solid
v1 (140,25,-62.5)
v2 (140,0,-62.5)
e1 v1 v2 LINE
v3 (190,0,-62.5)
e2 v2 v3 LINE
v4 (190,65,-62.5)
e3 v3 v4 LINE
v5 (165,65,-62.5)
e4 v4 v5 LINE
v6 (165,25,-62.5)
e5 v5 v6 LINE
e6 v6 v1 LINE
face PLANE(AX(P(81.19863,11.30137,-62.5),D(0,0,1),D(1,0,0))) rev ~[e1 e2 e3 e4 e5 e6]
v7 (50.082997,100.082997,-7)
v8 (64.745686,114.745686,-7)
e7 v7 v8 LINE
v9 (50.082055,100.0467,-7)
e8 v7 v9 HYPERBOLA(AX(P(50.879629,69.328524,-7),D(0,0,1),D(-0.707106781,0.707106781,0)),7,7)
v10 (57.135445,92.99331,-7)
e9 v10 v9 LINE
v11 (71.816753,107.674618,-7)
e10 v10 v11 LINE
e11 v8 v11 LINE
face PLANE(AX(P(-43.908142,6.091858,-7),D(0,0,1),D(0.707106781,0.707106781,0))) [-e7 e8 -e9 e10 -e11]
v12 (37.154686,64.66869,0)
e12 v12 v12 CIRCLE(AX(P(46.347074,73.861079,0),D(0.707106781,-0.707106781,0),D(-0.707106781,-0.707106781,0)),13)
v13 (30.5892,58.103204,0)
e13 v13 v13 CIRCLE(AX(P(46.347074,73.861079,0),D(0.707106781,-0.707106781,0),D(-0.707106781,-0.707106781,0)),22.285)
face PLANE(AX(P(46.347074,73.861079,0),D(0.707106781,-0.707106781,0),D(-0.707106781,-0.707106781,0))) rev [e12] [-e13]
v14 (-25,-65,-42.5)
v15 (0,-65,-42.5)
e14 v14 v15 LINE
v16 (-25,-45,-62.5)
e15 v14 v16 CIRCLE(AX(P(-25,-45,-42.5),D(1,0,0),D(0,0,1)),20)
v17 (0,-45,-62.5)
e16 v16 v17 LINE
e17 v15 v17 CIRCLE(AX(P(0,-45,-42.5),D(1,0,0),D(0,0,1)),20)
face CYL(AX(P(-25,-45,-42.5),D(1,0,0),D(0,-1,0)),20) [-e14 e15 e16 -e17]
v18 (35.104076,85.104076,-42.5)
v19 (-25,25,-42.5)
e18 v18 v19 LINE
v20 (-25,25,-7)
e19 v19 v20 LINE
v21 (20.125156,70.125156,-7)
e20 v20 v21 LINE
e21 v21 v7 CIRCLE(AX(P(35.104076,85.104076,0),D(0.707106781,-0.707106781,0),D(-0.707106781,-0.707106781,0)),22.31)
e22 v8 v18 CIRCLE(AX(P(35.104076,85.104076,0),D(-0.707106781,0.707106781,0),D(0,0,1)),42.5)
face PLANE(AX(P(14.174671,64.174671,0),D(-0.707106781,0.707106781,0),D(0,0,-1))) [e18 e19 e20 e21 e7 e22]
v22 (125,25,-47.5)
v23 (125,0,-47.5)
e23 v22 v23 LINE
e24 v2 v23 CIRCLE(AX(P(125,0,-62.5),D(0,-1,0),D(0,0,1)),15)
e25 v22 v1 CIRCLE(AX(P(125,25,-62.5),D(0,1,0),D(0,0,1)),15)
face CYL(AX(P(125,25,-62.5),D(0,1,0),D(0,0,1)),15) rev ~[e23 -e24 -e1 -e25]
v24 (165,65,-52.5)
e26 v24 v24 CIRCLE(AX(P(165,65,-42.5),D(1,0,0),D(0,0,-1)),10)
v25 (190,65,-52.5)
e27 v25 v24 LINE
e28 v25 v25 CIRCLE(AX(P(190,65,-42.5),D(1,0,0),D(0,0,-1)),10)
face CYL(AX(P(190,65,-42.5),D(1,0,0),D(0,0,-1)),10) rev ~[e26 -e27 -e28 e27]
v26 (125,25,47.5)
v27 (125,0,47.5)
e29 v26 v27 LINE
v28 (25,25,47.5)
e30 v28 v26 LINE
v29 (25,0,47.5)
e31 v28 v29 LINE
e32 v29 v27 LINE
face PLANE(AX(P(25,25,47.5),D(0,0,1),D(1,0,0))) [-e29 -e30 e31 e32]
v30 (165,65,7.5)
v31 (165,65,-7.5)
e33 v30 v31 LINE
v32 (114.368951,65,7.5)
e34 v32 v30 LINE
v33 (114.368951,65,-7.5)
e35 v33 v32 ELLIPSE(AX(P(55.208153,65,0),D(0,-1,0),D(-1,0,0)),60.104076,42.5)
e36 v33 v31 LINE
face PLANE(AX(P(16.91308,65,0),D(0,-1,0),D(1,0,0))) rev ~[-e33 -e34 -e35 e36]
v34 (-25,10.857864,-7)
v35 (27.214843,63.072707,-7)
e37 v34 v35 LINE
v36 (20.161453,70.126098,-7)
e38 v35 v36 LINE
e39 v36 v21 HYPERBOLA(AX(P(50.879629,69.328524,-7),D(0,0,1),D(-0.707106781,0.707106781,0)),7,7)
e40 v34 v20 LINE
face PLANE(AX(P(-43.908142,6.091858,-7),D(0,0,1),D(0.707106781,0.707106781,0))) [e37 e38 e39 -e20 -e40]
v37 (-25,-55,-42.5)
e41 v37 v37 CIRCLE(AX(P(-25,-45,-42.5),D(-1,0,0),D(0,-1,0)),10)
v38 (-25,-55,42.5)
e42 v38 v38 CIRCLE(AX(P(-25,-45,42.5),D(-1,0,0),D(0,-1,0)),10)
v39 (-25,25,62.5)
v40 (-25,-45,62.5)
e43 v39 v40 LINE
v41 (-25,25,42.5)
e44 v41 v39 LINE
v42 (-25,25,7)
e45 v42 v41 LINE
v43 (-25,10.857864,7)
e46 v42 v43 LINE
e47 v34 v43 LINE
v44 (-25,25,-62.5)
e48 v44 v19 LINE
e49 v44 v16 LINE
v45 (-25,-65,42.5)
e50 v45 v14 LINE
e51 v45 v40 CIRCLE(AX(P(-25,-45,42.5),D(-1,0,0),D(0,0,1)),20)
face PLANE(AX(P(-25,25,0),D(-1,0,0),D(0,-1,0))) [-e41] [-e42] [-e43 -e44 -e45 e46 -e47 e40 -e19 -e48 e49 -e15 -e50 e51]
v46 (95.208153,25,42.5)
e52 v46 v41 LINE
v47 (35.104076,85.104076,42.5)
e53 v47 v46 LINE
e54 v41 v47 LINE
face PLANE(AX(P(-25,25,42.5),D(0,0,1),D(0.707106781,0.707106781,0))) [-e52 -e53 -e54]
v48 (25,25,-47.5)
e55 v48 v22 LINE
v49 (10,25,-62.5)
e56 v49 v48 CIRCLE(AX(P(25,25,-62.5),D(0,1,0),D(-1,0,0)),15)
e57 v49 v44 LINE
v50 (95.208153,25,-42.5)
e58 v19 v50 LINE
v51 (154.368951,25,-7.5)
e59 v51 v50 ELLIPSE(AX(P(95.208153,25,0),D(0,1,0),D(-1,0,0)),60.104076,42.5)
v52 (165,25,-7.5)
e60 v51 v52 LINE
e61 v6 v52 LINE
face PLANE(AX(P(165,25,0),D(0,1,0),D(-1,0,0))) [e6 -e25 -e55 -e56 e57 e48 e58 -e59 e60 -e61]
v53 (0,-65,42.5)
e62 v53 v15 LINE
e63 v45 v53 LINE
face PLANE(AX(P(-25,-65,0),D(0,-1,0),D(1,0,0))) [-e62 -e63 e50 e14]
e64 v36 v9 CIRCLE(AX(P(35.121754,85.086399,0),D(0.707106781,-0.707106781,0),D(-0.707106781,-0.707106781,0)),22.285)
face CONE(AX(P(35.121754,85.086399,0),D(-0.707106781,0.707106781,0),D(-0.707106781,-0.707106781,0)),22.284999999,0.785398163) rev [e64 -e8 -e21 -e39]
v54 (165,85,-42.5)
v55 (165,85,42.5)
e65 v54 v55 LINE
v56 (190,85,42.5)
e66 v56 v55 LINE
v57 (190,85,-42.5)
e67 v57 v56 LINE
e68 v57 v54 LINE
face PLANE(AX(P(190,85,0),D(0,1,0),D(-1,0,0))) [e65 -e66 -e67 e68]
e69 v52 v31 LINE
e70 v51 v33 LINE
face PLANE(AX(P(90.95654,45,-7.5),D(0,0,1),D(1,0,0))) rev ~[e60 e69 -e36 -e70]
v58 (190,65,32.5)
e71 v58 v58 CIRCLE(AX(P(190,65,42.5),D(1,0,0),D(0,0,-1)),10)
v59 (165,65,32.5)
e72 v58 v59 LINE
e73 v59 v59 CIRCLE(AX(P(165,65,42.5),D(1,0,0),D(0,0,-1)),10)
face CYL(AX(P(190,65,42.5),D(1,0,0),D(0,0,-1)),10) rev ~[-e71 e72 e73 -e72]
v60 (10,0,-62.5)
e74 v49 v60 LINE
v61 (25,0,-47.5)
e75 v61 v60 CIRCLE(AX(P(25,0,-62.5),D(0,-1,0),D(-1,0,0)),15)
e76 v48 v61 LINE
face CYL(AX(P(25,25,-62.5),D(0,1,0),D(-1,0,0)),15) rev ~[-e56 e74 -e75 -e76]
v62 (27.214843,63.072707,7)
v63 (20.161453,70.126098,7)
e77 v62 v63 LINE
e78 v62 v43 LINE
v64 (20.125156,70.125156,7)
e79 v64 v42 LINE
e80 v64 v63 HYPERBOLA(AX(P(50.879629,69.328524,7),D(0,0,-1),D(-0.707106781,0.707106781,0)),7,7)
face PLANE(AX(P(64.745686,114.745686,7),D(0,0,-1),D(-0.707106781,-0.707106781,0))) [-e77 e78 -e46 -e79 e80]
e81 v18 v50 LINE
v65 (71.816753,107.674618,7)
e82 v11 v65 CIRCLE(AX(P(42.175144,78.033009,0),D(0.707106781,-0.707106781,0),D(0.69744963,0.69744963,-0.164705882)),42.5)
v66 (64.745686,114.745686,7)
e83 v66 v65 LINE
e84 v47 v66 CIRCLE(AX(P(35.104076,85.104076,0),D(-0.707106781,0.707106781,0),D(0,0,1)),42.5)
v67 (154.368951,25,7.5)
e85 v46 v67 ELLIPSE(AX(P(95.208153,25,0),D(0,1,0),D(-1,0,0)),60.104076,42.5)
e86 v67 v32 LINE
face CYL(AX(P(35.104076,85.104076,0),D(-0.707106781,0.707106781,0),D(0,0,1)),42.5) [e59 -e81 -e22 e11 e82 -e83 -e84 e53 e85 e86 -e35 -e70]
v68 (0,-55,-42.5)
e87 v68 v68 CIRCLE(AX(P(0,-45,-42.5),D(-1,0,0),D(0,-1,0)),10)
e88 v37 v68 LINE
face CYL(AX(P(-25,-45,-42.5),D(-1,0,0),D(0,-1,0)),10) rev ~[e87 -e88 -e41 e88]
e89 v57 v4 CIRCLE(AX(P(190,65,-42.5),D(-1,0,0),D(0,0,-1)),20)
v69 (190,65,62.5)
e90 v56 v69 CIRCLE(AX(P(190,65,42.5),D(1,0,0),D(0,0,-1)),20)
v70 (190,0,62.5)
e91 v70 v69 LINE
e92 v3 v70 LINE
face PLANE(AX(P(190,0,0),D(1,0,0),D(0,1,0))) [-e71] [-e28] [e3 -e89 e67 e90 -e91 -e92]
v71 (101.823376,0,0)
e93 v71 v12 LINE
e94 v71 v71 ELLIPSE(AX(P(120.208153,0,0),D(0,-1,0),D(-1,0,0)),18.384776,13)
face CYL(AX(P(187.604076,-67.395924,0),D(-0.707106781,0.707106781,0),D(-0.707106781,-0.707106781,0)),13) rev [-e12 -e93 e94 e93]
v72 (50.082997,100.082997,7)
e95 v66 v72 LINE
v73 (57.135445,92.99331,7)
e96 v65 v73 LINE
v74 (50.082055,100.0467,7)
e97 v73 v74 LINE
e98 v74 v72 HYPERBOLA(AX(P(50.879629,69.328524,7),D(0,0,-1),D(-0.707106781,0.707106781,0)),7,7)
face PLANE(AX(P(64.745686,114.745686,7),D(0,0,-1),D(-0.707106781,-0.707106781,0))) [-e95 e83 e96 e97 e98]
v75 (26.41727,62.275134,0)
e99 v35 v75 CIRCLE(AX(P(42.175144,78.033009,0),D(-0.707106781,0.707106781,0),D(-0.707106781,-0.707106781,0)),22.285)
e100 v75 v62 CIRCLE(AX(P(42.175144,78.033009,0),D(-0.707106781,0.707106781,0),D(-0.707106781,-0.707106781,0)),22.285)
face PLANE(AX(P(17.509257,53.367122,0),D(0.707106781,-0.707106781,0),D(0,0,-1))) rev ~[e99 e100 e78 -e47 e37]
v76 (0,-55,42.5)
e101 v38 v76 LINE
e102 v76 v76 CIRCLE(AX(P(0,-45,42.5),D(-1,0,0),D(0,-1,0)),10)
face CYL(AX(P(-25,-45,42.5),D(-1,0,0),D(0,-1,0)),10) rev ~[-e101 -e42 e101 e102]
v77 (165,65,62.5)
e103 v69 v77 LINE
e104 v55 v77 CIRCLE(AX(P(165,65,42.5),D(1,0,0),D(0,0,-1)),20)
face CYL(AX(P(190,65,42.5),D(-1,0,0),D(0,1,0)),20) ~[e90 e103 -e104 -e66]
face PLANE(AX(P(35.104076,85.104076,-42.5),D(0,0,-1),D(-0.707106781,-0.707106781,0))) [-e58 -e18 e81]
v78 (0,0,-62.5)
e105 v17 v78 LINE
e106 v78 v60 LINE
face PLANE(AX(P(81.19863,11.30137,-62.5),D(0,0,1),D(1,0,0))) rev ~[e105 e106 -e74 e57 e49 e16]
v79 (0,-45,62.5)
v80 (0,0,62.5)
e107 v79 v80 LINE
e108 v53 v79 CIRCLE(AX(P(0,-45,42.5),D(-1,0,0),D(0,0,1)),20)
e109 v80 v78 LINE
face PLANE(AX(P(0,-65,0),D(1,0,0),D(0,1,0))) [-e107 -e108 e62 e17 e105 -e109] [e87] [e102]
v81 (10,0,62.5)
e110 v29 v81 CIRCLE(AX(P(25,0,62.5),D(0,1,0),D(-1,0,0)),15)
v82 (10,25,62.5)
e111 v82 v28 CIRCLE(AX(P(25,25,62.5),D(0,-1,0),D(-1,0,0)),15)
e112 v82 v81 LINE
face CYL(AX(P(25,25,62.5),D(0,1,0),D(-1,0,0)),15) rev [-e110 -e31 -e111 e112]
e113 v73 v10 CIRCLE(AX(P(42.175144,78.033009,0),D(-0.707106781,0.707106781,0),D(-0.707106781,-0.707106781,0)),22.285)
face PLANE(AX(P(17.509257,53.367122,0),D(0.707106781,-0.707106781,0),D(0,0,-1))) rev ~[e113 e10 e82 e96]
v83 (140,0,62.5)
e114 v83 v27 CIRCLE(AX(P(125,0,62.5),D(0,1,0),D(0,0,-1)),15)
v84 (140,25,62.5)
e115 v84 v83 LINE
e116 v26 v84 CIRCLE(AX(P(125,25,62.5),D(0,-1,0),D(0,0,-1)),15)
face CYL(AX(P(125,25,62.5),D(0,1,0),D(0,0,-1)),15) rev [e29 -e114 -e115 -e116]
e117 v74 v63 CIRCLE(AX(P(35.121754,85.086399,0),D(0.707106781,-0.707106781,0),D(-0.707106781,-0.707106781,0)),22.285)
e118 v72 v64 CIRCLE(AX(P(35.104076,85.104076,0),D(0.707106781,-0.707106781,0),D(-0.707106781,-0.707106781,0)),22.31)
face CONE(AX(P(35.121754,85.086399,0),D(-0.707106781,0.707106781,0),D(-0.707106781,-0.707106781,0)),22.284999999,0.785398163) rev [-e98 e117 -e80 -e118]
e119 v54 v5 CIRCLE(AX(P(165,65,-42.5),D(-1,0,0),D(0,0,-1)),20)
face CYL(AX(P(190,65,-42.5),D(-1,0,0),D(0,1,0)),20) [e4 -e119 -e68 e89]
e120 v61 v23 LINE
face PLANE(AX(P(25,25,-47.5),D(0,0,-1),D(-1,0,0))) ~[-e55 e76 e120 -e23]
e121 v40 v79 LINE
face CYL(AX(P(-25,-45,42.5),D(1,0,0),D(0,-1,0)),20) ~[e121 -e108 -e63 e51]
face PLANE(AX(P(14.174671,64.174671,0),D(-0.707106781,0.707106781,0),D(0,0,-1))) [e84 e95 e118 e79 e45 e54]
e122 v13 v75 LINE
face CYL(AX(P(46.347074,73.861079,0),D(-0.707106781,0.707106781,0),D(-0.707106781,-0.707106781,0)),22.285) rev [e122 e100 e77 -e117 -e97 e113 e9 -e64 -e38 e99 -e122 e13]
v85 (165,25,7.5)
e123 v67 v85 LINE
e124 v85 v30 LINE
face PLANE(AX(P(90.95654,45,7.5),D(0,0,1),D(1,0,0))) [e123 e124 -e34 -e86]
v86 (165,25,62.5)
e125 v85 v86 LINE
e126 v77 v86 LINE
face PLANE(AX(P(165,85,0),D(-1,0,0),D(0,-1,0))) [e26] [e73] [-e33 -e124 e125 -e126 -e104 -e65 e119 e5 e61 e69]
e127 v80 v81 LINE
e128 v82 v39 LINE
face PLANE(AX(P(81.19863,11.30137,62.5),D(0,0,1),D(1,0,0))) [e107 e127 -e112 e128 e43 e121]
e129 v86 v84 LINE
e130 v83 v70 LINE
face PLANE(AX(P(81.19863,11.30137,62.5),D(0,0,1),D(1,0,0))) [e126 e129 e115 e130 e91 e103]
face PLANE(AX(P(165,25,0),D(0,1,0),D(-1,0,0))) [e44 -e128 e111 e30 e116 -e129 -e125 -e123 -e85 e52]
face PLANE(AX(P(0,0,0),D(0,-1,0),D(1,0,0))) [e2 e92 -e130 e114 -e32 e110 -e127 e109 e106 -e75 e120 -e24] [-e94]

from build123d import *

# Parameters (mm, degrees)
BOSS_EXTRUDE1_DEPTH = 62.5
FILLET1_R           = 20
SKETCH2_R           = 10
CUT_EXTRUDE1_DEPTH  = 240.491649124
SKETCH3_R           = 10
CUT_EXTRUDE2_DEPTH  = 125
SKETCH4_W           = 148.086919985
SKETCH4_H           = 40
BOSS_EXTRUDE2_DEPTH = 7.5
BOSS_EXTRUDE3_REACH = 243.312
CUT_EXTRUDE3_REACH  = 221.395
CUT_EXTRUDE4_DEPTH  = 10


with BuildPart() as part:
    # Sketch1 → Boss-Extrude1 (new, symmetric)
    with BuildSketch(Plane.XY):
        Polygon((0, 0), (190, 0), (190, 85), (165, 85), (165, 25), (-25, 25), (-25, -65), (0, -65), align=None)
    extrude(amount=BOSS_EXTRUDE1_DEPTH, both=True)

    # Fillet1
    fillet1_edges = [part.edges().sort_by_distance(p)[0] for p in [
        (177.5, 85, -62.5),
        (177.5, 85, 62.5),
        (-12.5, -65, 62.5),
        (-12.5, -65, -62.5),
    ]]
    fillet(fillet1_edges, radius=FILLET1_R)

    # Sketch2 → Cut-Extrude1 (cut, through all)
    with BuildSketch(Plane(origin=(190, 0, 0), x_dir=(0, 0, -1), z_dir=(1, 0, 0))):
        with Locations((42.5, 65)):
            Circle(SKETCH2_R)
        with Locations((-42.5, 65)):
            Circle(SKETCH2_R)
    extrude(amount=-CUT_EXTRUDE1_DEPTH, mode=Mode.SUBTRACT)

    # Sketch3 → Cut-Extrude2 (cut)
    with BuildSketch(Plane.ZY.offset(25)):
        with Locations(Location((42.5, -45, 0), (0, 0, 270))):
            Circle(SKETCH3_R)
        with Locations(Location((-42.5, -45, 0), (0, 0, 270))):
            Circle(SKETCH3_R)
    extrude(amount=-CUT_EXTRUDE2_DEPTH, mode=Mode.SUBTRACT)

    # Sketch4 → Boss-Extrude2 (add, symmetric)
    with BuildSketch(Plane.XY):
        with Locations((90.956540007, 45)):
            Rectangle(SKETCH4_W, SKETCH4_H)
    extrude(amount=BOSS_EXTRUDE2_DEPTH, both=True)

    # Sketch5 → Boss-Extrude3 (add, up to next)
    with BuildSketch(Plane(origin=(-25, 25, 0), x_dir=(0, 0, -1), z_dir=(-0.707106781186549, 0.7071067811865461, 0)), mode=Mode.PRIVATE) as boss_extrude3_sk1:
        with BuildLine():
            Line((-42.5, 0), (-42.5, -85))
            ThreePointArc((-42.5, -85), (0, -127.5), (42.5, -85))
            Line((42.5, -85), (42.5, 0))
            Line((42.5, 0), (-42.5, 0))
        make_face()
    boss_extrude3_tool1 = extrude(boss_extrude3_sk1.sketch, amount=-BOSS_EXTRUDE3_REACH, mode=Mode.PRIVATE) - part.part
    add(boss_extrude3_tool1.solids().sort_by_distance((17.122184, 67.122184, 0))[0])

    # Sketch7 → Cut-Extrude3 (cut, up to next)
    with BuildSketch(Plane(origin=(0, 25, 0), x_dir=(1, 0, 0), z_dir=(0, 1, 0)), mode=Mode.PRIVATE) as cut_extrude3_sk1:
        with BuildLine():
            Line((25, -47.5), (125, -47.5))
            ThreePointArc((125, -47.5), (135.606601718, -51.893398282), (140, -62.5))
            Line((140, -62.5), (10, -62.5))
            ThreePointArc((10, -62.5), (14.393398282, -51.893398282), (25, -47.5))
        make_face()
    cut_extrude3_tool1 = extrude(cut_extrude3_sk1.sketch, amount=-CUT_EXTRUDE3_REACH, mode=Mode.PRIVATE) & part.part
    cut_extrude3 = cut_extrude3_tool1.solids().sort_by_distance((75, 25, 55.216204))[0]
    add(cut_extrude3, mode=Mode.SUBTRACT)

    # Mirror1: Cut-Extrude3 across plane
    add(cut_extrude3.mirror(Plane.XY), mode=Mode.SUBTRACT)

    # Sketch8 → Cut-Extrude4 (cut)
    with BuildSketch(Plane(origin=(-25, 25, 0), x_dir=(0, 0, 1), z_dir=(-0.7071067811865489, 0.7071067811865462, 0))):
        with BuildLine():
            Line((-7, -26.74015117), (-7, 126.919565837))
            ThreePointArc((-7, 126.919565837), (0, 127.5), (7, 126.919565837))
            Line((7, 126.919565837), (7, -26.74015117))
            Line((7, -26.74015117), (-7, -26.74015117))
        make_face()
    extrude(amount=-CUT_EXTRUDE4_DEPTH, mode=Mode.SUBTRACT)

    # Sketch13 → CBORE for M24 Hex Head Bolt2 (revolve, cut)
    with BuildSketch(Plane(origin=(35.104076401, 85.104076401, 0), x_dir=(-0.7071067811865462, -0.7071067811865489, 0), z_dir=(0, 0, 1))):
        Polygon((0, 0), (0, 215.667568262), (13, 215.667568262), (13, 15.9), (22.285, 15.9), (22.285, 0.025), (22.31, 0), align=None)
    revolve(axis=Axis((30.61394834, 89.594204461, 0), (0.7071067811865489, -0.7071067811865462, 0)), mode=Mode.SUBTRACT)


solid = part.part
